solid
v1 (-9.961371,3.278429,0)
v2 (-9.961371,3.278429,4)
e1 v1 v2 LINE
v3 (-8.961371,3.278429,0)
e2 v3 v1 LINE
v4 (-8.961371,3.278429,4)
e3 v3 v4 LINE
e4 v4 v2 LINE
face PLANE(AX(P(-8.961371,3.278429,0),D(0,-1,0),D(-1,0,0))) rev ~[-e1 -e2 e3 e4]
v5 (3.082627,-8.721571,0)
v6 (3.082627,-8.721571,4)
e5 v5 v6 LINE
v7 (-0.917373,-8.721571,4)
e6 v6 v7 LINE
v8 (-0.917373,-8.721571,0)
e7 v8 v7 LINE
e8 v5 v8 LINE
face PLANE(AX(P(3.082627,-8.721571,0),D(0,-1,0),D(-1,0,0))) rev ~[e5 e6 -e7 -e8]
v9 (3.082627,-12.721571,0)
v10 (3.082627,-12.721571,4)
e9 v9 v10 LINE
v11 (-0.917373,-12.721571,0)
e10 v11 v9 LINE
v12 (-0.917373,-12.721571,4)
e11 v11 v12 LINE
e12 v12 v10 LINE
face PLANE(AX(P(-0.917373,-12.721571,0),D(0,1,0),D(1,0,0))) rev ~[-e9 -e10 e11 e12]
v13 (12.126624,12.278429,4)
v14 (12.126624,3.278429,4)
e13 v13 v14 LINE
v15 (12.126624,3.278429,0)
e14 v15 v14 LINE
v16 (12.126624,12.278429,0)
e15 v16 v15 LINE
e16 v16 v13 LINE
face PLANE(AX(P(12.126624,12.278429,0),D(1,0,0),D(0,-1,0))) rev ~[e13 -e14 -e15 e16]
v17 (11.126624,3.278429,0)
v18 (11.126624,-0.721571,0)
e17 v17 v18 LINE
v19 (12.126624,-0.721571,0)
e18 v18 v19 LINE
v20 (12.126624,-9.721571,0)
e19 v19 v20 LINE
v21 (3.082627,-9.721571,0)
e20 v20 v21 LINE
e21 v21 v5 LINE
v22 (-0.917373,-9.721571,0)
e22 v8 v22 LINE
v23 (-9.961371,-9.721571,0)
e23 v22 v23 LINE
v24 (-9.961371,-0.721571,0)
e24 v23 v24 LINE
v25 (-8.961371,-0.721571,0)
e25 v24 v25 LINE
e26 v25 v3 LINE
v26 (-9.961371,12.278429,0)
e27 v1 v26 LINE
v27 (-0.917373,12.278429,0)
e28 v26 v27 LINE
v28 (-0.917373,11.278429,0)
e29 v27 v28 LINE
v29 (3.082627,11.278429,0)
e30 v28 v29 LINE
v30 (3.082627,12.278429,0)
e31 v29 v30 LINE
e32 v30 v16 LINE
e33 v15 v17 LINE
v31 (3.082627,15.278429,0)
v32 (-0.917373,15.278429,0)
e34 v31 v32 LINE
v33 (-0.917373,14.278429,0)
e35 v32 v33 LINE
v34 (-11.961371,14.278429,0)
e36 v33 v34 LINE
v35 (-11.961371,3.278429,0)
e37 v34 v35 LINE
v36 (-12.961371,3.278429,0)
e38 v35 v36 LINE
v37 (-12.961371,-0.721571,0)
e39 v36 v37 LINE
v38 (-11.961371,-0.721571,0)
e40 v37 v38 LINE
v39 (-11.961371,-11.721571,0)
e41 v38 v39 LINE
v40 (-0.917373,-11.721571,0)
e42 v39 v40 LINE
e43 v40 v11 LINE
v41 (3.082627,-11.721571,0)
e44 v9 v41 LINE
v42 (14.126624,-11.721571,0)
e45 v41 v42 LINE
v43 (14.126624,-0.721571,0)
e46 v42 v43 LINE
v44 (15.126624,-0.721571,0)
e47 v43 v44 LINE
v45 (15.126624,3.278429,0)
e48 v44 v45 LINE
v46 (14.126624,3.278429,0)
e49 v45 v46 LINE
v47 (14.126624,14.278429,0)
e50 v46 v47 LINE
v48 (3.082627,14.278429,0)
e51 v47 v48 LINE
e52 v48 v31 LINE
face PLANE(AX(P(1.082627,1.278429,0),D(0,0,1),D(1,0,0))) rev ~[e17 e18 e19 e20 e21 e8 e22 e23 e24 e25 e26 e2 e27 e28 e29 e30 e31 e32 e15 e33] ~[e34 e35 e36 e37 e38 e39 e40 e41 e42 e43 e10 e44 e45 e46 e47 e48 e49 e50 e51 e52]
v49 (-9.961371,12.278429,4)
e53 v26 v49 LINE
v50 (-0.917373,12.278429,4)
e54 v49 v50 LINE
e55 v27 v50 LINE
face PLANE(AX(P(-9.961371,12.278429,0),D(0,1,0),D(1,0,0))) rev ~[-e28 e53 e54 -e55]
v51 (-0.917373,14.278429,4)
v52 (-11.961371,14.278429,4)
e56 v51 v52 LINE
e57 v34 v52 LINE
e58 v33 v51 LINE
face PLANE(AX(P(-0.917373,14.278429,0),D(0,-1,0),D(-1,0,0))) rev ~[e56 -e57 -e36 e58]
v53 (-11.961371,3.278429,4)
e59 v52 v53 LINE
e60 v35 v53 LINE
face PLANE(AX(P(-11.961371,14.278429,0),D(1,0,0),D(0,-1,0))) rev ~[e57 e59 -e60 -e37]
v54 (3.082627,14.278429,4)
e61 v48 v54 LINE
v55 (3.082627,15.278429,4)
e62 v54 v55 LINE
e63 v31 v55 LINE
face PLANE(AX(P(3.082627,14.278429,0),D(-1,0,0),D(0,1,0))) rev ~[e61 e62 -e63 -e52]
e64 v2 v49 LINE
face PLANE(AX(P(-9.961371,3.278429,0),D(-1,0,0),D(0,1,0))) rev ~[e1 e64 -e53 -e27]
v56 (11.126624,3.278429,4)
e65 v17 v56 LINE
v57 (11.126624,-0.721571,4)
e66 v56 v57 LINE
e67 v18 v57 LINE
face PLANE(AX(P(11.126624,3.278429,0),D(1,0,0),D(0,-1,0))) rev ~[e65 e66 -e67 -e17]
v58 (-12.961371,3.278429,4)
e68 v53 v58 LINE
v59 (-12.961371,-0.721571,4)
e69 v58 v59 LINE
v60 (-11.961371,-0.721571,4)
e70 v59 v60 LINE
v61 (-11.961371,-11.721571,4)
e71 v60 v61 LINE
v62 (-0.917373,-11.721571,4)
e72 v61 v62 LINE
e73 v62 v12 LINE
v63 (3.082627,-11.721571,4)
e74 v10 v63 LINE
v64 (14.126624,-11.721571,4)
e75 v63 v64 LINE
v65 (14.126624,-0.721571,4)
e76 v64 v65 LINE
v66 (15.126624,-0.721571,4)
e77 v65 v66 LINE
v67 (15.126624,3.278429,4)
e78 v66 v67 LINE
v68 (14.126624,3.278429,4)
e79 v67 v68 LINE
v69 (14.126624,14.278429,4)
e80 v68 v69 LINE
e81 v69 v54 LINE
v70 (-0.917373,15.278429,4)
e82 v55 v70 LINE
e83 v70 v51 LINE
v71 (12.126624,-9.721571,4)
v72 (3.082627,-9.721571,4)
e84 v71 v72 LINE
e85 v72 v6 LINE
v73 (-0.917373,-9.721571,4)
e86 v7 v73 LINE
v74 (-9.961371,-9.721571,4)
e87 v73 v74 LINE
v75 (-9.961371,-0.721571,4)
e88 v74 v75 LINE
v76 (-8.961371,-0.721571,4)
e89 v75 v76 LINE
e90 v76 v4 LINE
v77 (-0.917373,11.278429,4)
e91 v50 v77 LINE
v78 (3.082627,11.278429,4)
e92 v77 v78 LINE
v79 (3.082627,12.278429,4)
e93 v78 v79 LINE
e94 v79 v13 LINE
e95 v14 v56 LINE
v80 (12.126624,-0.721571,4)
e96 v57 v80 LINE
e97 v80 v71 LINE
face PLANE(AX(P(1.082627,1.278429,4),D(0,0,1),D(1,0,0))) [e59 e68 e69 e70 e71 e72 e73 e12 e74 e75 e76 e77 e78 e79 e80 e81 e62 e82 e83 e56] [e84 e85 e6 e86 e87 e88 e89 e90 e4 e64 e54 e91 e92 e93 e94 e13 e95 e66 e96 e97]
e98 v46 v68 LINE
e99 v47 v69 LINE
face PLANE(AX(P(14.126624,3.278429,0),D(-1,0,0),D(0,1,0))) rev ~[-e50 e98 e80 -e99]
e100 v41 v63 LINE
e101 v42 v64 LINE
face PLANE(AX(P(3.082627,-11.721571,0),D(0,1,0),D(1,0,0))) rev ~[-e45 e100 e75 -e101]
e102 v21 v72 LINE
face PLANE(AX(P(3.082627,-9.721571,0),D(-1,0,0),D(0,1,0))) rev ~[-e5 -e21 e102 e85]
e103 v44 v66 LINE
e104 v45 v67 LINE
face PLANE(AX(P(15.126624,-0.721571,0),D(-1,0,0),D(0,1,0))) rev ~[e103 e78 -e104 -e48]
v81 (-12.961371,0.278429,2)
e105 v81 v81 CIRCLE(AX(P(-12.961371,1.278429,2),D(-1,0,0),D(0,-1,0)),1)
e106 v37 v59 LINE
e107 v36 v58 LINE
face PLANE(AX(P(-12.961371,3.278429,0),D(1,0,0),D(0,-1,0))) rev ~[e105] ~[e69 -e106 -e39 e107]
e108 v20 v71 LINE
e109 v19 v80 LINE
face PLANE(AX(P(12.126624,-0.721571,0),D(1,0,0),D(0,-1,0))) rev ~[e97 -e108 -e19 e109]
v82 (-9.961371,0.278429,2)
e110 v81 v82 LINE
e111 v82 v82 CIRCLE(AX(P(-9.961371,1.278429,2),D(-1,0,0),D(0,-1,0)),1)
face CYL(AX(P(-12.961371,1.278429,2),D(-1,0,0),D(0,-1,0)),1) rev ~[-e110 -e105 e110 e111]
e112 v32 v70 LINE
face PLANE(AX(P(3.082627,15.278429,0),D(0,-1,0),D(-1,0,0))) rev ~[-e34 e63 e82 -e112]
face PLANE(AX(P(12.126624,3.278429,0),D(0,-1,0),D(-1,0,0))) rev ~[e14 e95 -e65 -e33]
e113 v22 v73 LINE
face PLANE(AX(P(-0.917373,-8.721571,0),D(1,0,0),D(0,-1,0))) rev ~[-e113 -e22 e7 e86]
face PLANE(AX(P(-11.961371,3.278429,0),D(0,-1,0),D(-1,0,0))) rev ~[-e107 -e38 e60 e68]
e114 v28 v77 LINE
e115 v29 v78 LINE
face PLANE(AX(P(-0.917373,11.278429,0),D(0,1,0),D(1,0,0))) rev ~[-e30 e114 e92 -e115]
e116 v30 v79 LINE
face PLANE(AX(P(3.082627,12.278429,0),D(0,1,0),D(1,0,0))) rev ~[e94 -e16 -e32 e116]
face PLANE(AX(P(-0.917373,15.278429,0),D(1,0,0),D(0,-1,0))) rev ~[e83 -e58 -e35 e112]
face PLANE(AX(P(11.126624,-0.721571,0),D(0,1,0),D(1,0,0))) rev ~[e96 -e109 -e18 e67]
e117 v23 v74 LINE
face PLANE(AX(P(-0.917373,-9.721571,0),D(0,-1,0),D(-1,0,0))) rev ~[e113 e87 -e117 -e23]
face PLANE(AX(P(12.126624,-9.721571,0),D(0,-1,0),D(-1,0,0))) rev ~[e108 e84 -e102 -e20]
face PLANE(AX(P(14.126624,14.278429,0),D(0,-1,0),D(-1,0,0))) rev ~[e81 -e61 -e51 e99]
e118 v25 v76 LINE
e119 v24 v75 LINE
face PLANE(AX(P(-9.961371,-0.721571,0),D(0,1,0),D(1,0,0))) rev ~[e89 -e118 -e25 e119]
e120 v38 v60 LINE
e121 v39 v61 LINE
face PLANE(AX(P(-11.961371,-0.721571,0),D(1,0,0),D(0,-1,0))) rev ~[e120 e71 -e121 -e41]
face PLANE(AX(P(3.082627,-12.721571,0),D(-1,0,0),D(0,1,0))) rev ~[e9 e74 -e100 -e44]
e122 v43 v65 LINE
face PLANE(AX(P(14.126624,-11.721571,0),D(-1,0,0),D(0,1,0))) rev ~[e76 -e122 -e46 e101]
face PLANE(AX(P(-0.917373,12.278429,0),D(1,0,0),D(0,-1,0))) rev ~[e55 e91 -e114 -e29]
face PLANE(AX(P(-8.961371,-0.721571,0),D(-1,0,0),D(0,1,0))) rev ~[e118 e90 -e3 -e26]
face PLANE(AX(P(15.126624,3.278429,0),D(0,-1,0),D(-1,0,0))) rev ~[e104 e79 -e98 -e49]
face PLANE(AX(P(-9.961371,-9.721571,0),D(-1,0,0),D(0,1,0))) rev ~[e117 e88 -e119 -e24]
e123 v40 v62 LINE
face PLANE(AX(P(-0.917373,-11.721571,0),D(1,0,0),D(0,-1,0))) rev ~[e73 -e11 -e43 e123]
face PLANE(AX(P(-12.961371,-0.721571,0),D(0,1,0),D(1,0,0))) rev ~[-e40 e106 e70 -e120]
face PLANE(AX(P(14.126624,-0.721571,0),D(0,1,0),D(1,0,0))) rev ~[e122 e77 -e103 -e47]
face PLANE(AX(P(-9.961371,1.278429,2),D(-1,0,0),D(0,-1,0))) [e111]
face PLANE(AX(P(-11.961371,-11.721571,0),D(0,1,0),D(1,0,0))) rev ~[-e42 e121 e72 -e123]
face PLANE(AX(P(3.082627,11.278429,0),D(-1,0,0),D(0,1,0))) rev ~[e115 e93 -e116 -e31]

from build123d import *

# Parameters (mm, degrees)
BOSS_EXTRUDE1_DEPTH = 4
SKETCH3_R           = 1
CUT_EXTRUDE1_DEPTH  = 3


with BuildPart() as part:
    # Sketch1 → Boss-Extrude1 (new body)
    with BuildSketch(Plane.XY):
        Polygon((-12.961370769, -0.721570782), (-11.961370769, -0.721570782), (-11.961370769, -11.721570782), (-4.331288589, -11.721570782), (-0.917373368, -11.721570782), (-0.917373368, -12.721570782), (3.082626632, -12.721570782), (3.082626632, -11.721570782), (14.126624033, -11.721570782), (14.126624033, -0.721570782), (15.126624033, -0.721570782), (15.126624033, 3.278429218), (14.126624033, 3.278429218), (14.126624033, 14.278429218), (3.082626632, 14.278429218), (3.082626632, 15.278429218), (-0.917373368, 15.278429218), (-0.917373368, 14.278429218), (-11.961370769, 14.278429218), (-11.961370769, 3.278429218), (-12.961370769, 3.278429218), align=None)
        Polygon((3.082626632, 12.278429218), (12.126624033, 12.278429218), (12.126624033, 3.278429218), (11.126624033, 3.278429218), (11.126624033, -0.721570782), (12.126624033, -0.721570782), (12.126624033, -9.721570782), (3.082626632, -9.721570782), (3.082626632, -8.721570782), (-0.917373368, -8.721570782), (-0.917373368, -9.721570782), (-4.331288589, -9.721570782), (-9.961370769, -9.721570782), (-9.961370769, -0.721570782), (-8.961370769, -0.721570782), (-8.961370769, 3.278429218), (-9.961370769, 3.278429218), (-9.961370769, 12.278429218), (-0.917373368, 12.278429218), (-0.917373368, 11.278429218), (3.082626632, 11.278429218), align=None, mode=Mode.SUBTRACT)
    extrude(amount=BOSS_EXTRUDE1_DEPTH)

    # Sketch3 → Cut-Extrude1 (cut)
    with BuildSketch(Plane.ZY.offset(12.961370769)):
        with Locations(Location((2, 1.278429218, 0), (0, 0, 270))):
            Circle(SKETCH3_R)
    extrude(amount=-CUT_EXTRUDE1_DEPTH, mode=Mode.SUBTRACT)


solid = part.part
